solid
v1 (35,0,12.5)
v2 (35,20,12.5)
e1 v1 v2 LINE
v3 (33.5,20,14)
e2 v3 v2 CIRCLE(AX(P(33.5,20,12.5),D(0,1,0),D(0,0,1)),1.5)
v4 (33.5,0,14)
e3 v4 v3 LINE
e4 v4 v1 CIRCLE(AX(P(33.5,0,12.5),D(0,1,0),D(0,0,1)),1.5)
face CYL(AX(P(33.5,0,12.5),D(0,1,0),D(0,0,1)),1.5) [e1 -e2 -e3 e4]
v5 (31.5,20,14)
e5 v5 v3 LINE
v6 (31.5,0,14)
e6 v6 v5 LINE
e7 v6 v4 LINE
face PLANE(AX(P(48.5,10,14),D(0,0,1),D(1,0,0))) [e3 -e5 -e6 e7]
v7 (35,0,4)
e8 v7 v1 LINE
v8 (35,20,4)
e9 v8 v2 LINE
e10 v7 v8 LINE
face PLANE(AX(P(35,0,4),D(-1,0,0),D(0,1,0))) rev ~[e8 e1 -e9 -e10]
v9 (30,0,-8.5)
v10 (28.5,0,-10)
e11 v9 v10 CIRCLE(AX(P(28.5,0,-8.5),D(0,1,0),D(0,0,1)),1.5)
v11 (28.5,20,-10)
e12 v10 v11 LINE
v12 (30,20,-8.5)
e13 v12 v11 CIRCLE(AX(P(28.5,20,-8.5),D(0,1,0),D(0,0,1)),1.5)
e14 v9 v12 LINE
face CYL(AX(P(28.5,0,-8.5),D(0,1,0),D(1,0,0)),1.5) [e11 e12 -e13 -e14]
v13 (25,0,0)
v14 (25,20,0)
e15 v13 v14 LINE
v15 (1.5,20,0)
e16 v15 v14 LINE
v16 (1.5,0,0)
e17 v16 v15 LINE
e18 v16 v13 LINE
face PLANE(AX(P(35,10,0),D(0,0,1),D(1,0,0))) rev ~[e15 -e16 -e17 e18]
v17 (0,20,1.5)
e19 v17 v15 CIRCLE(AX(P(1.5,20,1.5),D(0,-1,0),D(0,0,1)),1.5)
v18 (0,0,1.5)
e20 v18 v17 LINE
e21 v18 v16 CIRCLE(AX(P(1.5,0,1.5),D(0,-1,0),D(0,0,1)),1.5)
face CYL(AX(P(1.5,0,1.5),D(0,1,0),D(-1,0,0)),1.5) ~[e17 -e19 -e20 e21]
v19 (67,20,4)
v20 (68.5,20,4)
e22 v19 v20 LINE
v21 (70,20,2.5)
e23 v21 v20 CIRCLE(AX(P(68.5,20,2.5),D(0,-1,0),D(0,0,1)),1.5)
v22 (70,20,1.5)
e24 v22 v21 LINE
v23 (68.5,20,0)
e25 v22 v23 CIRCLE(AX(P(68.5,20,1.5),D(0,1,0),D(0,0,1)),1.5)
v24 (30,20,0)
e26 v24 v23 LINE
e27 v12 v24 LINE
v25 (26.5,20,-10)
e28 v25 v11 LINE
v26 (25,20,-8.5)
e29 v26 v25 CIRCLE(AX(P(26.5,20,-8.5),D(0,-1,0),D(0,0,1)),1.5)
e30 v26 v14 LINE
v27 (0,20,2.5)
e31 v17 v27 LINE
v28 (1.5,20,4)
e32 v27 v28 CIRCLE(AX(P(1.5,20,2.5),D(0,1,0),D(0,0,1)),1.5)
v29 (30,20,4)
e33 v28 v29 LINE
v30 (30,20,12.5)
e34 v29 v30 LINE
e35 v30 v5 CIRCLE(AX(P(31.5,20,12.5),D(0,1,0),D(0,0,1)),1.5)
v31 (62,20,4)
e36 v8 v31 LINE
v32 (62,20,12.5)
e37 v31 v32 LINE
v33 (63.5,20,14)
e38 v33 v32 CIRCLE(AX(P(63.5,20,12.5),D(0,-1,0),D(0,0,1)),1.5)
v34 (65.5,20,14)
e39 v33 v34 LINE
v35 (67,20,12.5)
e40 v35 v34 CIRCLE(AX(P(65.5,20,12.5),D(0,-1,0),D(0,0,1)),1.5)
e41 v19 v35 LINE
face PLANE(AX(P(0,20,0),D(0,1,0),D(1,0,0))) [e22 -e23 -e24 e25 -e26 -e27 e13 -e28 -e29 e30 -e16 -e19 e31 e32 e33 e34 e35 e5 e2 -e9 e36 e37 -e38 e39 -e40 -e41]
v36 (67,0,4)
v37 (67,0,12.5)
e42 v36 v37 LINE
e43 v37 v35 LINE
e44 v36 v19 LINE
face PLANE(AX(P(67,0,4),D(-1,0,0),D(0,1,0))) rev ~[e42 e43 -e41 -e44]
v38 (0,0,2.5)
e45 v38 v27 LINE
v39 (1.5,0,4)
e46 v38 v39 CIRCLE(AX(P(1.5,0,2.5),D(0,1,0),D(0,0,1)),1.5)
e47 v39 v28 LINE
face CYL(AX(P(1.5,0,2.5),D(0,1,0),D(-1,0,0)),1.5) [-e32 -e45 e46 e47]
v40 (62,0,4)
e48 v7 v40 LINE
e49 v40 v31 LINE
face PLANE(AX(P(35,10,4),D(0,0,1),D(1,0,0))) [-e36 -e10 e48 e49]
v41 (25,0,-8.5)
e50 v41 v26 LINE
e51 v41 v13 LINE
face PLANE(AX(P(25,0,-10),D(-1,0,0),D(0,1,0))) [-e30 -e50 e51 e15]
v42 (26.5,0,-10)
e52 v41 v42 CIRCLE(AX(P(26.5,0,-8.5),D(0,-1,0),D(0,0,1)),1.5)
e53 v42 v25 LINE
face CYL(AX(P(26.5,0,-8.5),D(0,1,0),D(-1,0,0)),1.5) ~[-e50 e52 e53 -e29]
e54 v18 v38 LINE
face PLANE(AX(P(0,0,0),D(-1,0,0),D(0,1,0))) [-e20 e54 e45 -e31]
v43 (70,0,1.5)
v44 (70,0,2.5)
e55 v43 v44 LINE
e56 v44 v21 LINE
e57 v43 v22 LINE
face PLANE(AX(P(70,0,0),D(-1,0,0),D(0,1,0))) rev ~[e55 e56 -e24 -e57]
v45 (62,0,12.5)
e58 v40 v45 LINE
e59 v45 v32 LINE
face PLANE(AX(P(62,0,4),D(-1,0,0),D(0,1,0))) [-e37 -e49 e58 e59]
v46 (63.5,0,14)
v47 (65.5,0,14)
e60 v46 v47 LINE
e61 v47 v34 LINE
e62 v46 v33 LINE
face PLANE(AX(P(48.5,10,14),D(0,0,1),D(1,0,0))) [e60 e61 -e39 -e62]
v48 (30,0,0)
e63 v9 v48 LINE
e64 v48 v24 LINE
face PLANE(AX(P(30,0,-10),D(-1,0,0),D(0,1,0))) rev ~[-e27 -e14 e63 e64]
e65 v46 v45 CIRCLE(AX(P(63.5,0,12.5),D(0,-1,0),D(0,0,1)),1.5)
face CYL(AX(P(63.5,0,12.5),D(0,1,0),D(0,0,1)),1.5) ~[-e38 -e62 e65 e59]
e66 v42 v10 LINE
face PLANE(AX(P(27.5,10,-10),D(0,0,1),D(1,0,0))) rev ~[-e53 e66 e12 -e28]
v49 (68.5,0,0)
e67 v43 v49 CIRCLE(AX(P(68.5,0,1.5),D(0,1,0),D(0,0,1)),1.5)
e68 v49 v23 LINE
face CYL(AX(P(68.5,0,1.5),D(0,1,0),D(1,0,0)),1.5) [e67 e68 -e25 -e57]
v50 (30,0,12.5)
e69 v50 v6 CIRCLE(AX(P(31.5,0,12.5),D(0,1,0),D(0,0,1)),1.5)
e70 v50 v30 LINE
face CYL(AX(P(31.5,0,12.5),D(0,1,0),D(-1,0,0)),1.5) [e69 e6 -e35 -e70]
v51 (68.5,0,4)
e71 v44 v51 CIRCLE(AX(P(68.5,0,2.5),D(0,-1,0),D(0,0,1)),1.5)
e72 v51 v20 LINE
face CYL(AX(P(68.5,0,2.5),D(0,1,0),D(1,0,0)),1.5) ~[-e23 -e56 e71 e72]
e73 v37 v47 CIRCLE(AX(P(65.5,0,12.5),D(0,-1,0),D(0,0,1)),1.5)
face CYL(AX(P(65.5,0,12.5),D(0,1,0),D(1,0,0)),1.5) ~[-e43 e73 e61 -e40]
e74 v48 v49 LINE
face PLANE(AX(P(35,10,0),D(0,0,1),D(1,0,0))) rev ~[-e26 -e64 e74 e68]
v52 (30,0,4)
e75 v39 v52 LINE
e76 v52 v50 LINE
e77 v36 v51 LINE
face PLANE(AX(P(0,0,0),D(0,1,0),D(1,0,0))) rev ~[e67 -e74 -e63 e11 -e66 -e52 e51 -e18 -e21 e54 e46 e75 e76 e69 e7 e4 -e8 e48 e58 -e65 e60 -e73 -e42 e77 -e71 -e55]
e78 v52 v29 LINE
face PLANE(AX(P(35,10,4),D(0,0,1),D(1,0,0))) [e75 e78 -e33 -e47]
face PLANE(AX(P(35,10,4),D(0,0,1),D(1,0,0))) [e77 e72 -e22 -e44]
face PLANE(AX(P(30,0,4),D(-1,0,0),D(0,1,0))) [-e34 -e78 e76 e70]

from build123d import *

# Parameters (mm, degrees)
BOX002_W     = 27
BOX002_H     = 20
BOX002_DEPTH = 10
BOX001_W     = 37
BOX001_H     = 20
BOX001_DEPTH = 10
FILLET001_R  = 1.5
BOX003_W     = 5
BOX003_H     = 20
BOX003_DEPTH = 10
FILLET002_R  = 1.5
BOX_W        = 70
BOX_H        = 20
BOX_DEPTH    = 4
FILLET_R     = 1.5


with BuildPart() as cube002:
    # Box002 → Box002 (new body)
    with BuildSketch(Plane(origin=(35, 0, 4), x_dir=(1, 0, 0), z_dir=(0, 0, 1))):
        with Locations((13.5, 10)):
            Rectangle(BOX002_W, BOX002_H)
    extrude(amount=BOX002_DEPTH)


with BuildPart() as fillet001:
    # Box001 → Box001 (new body)
    with BuildSketch(Plane(origin=(30, 0, 4), x_dir=(1, 0, 0), z_dir=(0, 0, 1))):
        with Locations((18.5, 10)):
            Rectangle(BOX001_W, BOX001_H)
    extrude(amount=BOX001_DEPTH)

    # Cut001: cut Cube002
    add(cube002.part, mode=Mode.SUBTRACT)

    # Fillet001
    fillet001_edges = [fillet001.edges().sort_by_distance(p)[0] for p in [
        (30, 10, 14),
        (35, 10, 14),
        (67, 10, 14),
        (62, 10, 14),
    ]]
    fillet(fillet001_edges, radius=FILLET001_R)


with BuildPart() as fillet002:
    # Box003 → Box003 (new body)
    with BuildSketch(Plane(origin=(25, 0, -10), x_dir=(1, 0, 0), z_dir=(0, 0, 1))):
        with Locations((2.5, 10)):
            Rectangle(BOX003_W, BOX003_H)
    extrude(amount=BOX003_DEPTH)

    # Fillet002
    fillet002_edges = [fillet002.edges().sort_by_distance(p)[0] for p in [
        (25, 10, -10),
        (30, 10, -10),
    ]]
    fillet(fillet002_edges, radius=FILLET002_R)


with BuildPart() as fusion:
    # Box → Box (new body)
    with BuildSketch(Plane.XY):
        with Locations((35, 10)):
            Rectangle(BOX_W, BOX_H)
    extrude(amount=BOX_DEPTH)

    # Fillet
    fillet_edges = [fusion.edges().sort_by_distance(p)[0] for p in [
        (0, 10, 4),
        (0, 10, 0),
        (70, 10, 4),
        (70, 10, 0),
    ]]
    fillet(fillet_edges, radius=FILLET_R)

    # Fusion: union Fillet001, Fillet002
    add(fillet001.part)
    add(fillet002.part)


solid = fusion.part
